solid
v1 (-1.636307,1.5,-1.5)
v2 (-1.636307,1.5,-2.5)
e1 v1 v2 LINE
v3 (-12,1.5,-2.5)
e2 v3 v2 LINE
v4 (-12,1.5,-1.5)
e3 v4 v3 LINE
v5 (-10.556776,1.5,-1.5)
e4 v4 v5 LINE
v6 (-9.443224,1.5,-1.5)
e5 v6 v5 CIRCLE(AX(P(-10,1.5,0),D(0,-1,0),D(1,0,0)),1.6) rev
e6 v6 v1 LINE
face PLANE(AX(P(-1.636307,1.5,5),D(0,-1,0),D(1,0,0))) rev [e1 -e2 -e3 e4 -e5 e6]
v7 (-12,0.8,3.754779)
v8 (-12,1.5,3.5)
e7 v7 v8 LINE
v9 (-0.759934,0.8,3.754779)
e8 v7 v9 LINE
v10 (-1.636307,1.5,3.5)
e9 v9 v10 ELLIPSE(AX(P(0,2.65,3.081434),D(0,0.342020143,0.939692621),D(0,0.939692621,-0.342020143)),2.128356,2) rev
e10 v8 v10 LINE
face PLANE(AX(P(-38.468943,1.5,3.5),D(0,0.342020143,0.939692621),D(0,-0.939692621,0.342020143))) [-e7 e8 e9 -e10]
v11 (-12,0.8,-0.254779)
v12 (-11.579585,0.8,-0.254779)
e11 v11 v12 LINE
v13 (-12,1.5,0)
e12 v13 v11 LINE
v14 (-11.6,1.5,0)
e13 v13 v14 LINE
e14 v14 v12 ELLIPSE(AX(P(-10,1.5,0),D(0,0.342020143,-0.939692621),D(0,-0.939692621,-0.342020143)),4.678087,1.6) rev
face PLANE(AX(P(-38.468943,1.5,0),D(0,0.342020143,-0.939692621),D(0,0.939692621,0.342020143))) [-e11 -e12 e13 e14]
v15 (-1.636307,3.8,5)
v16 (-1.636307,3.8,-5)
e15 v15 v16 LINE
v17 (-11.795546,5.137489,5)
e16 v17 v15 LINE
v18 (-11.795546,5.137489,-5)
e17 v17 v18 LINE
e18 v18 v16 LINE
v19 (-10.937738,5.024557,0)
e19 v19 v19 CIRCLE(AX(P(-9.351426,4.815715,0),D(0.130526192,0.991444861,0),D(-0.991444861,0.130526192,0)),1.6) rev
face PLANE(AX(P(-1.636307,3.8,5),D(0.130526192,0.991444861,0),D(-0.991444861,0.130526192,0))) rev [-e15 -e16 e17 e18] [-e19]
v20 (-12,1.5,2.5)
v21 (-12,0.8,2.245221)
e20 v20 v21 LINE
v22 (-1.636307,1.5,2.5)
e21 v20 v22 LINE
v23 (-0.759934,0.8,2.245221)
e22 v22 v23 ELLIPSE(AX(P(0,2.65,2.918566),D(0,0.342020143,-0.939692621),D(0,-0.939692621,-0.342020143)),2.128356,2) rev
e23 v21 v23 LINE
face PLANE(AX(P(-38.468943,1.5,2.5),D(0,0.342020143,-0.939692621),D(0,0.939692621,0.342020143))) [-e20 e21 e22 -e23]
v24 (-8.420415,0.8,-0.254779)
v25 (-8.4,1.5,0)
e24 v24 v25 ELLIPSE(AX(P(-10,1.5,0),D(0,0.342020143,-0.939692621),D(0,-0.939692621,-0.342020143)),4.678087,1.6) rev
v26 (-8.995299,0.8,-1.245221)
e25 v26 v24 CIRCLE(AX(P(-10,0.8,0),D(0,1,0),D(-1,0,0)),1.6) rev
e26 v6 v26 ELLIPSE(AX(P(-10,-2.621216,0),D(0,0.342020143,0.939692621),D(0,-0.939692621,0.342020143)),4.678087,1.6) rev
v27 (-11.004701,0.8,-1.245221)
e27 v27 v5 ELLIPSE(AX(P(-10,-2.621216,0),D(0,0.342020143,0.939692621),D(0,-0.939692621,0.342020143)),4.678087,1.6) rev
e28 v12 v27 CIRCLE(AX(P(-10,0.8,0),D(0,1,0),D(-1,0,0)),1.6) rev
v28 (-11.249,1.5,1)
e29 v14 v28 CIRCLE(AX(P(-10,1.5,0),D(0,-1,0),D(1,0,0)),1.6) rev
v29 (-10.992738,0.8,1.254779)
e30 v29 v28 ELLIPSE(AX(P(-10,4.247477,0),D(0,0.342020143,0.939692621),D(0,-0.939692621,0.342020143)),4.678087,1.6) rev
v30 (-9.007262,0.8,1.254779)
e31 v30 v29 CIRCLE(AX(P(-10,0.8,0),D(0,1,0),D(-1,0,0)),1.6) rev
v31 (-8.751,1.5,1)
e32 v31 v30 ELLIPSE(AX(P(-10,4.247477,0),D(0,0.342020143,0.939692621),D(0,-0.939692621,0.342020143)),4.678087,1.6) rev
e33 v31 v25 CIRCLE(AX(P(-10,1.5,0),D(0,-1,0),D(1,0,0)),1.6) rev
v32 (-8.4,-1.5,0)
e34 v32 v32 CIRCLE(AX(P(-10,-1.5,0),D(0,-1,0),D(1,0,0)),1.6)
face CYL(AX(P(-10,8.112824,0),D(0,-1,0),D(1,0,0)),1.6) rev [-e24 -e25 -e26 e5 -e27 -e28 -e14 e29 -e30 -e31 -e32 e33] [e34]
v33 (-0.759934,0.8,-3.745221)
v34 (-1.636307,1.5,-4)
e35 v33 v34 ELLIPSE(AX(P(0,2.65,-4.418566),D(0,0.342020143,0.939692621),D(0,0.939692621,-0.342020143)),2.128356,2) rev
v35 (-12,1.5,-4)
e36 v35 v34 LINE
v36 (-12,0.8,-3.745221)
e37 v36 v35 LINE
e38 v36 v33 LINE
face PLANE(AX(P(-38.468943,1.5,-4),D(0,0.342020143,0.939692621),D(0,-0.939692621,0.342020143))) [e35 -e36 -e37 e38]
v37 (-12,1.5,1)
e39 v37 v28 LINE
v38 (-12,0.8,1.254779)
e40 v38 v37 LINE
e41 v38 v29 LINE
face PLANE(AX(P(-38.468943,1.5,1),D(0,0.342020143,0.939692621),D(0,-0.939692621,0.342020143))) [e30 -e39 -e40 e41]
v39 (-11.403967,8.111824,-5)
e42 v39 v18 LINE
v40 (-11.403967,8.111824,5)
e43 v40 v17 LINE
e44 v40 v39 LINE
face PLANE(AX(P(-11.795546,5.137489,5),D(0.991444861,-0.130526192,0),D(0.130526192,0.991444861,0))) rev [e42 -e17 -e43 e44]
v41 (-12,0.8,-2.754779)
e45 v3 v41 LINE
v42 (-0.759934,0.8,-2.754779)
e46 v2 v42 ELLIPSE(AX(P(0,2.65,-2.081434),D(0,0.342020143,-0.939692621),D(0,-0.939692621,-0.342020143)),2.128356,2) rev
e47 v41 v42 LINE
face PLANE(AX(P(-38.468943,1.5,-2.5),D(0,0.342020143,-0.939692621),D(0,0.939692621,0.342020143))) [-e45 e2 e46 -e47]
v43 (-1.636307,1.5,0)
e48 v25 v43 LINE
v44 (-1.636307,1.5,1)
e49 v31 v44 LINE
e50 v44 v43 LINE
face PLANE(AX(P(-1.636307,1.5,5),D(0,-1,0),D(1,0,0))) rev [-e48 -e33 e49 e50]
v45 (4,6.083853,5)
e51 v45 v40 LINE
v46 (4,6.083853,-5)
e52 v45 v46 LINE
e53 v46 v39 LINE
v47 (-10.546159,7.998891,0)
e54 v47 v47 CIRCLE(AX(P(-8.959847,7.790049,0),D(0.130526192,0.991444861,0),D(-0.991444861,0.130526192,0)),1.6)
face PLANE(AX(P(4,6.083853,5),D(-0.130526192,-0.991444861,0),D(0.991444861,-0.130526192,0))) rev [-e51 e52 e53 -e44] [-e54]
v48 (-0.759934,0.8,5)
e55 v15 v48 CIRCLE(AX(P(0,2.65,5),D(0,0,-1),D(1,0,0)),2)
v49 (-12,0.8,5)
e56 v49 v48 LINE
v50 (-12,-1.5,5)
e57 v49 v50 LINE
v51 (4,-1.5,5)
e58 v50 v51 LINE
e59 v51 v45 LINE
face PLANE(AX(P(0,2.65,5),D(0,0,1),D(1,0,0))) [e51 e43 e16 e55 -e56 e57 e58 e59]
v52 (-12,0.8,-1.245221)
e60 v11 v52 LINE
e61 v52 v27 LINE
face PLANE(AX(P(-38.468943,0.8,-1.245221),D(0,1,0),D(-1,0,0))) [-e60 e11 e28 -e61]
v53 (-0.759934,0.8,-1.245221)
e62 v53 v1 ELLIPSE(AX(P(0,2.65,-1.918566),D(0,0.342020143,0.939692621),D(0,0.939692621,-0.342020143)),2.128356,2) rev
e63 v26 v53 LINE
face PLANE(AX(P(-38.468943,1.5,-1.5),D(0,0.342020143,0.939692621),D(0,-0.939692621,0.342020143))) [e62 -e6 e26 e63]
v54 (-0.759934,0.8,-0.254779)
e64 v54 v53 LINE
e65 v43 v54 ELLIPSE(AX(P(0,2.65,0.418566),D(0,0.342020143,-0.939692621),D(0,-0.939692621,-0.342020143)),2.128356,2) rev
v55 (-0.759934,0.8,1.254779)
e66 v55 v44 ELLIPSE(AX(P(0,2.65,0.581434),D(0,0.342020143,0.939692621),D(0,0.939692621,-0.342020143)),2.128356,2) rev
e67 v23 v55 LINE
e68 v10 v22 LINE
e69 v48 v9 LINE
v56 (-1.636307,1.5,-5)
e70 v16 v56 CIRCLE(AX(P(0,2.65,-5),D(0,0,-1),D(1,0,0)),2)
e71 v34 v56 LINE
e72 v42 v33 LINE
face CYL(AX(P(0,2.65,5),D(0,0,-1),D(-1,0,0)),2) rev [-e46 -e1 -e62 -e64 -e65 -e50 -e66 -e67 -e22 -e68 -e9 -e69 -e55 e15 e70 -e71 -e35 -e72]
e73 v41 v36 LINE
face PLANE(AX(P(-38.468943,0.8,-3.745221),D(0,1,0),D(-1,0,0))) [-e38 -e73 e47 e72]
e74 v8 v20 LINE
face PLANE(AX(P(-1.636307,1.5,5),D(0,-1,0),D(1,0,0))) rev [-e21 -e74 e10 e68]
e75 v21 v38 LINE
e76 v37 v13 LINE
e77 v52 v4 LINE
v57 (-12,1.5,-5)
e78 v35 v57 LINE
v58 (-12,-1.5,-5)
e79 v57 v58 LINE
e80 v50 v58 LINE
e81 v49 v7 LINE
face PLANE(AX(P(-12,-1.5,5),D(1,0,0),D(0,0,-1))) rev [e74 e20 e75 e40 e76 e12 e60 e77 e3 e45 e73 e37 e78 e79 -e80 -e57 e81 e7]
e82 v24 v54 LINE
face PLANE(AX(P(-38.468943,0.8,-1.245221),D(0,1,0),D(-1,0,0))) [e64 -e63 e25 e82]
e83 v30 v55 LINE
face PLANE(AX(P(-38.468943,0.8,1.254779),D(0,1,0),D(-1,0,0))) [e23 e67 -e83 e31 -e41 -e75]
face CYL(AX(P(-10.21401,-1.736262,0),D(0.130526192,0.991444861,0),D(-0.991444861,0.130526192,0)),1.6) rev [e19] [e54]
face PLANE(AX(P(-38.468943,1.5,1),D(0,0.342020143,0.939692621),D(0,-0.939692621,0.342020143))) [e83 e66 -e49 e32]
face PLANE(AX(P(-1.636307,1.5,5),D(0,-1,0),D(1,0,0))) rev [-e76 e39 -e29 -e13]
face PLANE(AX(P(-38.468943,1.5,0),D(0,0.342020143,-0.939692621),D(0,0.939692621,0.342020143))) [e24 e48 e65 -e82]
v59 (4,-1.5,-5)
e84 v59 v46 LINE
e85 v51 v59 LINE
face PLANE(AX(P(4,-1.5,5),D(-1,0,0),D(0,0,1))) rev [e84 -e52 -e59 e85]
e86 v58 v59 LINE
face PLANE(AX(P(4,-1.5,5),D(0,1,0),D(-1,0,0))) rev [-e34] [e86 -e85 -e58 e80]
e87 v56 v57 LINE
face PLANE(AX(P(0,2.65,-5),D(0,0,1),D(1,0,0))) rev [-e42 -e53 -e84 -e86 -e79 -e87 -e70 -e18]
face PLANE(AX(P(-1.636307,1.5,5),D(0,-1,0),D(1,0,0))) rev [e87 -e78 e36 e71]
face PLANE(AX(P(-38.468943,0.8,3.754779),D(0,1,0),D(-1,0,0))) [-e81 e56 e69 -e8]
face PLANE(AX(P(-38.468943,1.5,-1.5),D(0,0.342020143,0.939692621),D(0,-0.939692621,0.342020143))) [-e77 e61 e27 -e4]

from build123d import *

# Parameters (mm, degrees)
BOSS_EXTRUDE1_DEPTH      = 5
CUT_EXTRUDE5_REACH       = 11.607
SKETCH4_R                = 1.6
CUT_EXTRUDE6_REACH       = 11.612
SKETCH5_R                = 1.6
CUT_EXTRUDE12_DEPTH      = 1
CUT_EXTRUDE12_DEPTH_BACK = 12


with BuildPart() as part:
    # Sketch1 → Boss-Extrude1 (new body, symmetric)
    with BuildSketch(Plane.XY):
        with BuildLine():
            Line((4, 6.083853012), (-11.403967093, 8.111823753))
            Line((-11.403967093, 8.111823753), (-11.795545669, 5.137489168))
            Line((-11.795545669, 5.137489168), (-1.636306817, 3.8))
            ThreePointArc((-1.636306817, 3.8), (2, 2.65), (-1.636306817, 1.5))
            Line((-1.636306817, 1.5), (-12, 1.5))
            Line((-12, 1.5), (-12, -1.5))
            Line((-12, -1.5), (4, -1.5))
            Line((4, -1.5), (4, 6.083853012))
        make_face()
    extrude(amount=BOSS_EXTRUDE1_DEPTH, both=True)

    # Sketch4 → Cut-Extrude5 (cut, up to next)
    with BuildSketch(Plane(origin=(0.855456861, 6.49783997, 0), x_dir=(0.991444861, -0.130526192, 0), z_dir=(0.130526192, 0.991444861, 0)), mode=Mode.PRIVATE) as cut_extrude5_sk1:
        with Locations((-9.9, 0)):
            Circle(SKETCH4_R)
    cut_extrude5_tool1 = extrude(cut_extrude5_sk1.sketch, amount=-CUT_EXTRUDE5_REACH, mode=Mode.PRIVATE) & part.part
    add(cut_extrude5_tool1.solids().sort_by_distance((-8.959847, 7.790049, 0))[0], mode=Mode.SUBTRACT)

    # Sketch5 → Cut-Extrude6 (cut, up to next)
    with BuildSketch(Plane.XZ.offset(1.5), mode=Mode.PRIVATE) as cut_extrude6_sk1:
        with Locations((-10, 0)):
            Circle(SKETCH5_R)
    cut_extrude6_tool1 = extrude(cut_extrude6_sk1.sketch, amount=-CUT_EXTRUDE6_REACH, mode=Mode.PRIVATE) & part.part
    add(cut_extrude6_tool1.solids().sort_by_distance((-10, -1.5, 0))[0], mode=Mode.SUBTRACT)

    # Sketch6 → Cut-Extrude12 (cut, two sides)
    with BuildSketch(Plane.ZY.offset(12)) as cut_extrude12_sk:
        Polygon((-2.5, 1.5), (-4, 1.5), (-3.745220836, 0.8), (-2.754779164, 0.8), align=None)
        Polygon((0, 1.5), (-1.5, 1.5), (-1.245220836, 0.8), (-0.254779164, 0.8), align=None)
        Polygon((3.754779164, 0.8), (5, 0.8), (5, 1.5), (3.5, 1.5), align=None)
        Polygon((2.5, 1.5), (1, 1.5), (1.254779164, 0.8), (2.245220836, 0.8), align=None)
    extrude(amount=CUT_EXTRUDE12_DEPTH, mode=Mode.SUBTRACT)
    extrude(cut_extrude12_sk.sketch, amount=-CUT_EXTRUDE12_DEPTH_BACK, mode=Mode.SUBTRACT)


solid = part.part
